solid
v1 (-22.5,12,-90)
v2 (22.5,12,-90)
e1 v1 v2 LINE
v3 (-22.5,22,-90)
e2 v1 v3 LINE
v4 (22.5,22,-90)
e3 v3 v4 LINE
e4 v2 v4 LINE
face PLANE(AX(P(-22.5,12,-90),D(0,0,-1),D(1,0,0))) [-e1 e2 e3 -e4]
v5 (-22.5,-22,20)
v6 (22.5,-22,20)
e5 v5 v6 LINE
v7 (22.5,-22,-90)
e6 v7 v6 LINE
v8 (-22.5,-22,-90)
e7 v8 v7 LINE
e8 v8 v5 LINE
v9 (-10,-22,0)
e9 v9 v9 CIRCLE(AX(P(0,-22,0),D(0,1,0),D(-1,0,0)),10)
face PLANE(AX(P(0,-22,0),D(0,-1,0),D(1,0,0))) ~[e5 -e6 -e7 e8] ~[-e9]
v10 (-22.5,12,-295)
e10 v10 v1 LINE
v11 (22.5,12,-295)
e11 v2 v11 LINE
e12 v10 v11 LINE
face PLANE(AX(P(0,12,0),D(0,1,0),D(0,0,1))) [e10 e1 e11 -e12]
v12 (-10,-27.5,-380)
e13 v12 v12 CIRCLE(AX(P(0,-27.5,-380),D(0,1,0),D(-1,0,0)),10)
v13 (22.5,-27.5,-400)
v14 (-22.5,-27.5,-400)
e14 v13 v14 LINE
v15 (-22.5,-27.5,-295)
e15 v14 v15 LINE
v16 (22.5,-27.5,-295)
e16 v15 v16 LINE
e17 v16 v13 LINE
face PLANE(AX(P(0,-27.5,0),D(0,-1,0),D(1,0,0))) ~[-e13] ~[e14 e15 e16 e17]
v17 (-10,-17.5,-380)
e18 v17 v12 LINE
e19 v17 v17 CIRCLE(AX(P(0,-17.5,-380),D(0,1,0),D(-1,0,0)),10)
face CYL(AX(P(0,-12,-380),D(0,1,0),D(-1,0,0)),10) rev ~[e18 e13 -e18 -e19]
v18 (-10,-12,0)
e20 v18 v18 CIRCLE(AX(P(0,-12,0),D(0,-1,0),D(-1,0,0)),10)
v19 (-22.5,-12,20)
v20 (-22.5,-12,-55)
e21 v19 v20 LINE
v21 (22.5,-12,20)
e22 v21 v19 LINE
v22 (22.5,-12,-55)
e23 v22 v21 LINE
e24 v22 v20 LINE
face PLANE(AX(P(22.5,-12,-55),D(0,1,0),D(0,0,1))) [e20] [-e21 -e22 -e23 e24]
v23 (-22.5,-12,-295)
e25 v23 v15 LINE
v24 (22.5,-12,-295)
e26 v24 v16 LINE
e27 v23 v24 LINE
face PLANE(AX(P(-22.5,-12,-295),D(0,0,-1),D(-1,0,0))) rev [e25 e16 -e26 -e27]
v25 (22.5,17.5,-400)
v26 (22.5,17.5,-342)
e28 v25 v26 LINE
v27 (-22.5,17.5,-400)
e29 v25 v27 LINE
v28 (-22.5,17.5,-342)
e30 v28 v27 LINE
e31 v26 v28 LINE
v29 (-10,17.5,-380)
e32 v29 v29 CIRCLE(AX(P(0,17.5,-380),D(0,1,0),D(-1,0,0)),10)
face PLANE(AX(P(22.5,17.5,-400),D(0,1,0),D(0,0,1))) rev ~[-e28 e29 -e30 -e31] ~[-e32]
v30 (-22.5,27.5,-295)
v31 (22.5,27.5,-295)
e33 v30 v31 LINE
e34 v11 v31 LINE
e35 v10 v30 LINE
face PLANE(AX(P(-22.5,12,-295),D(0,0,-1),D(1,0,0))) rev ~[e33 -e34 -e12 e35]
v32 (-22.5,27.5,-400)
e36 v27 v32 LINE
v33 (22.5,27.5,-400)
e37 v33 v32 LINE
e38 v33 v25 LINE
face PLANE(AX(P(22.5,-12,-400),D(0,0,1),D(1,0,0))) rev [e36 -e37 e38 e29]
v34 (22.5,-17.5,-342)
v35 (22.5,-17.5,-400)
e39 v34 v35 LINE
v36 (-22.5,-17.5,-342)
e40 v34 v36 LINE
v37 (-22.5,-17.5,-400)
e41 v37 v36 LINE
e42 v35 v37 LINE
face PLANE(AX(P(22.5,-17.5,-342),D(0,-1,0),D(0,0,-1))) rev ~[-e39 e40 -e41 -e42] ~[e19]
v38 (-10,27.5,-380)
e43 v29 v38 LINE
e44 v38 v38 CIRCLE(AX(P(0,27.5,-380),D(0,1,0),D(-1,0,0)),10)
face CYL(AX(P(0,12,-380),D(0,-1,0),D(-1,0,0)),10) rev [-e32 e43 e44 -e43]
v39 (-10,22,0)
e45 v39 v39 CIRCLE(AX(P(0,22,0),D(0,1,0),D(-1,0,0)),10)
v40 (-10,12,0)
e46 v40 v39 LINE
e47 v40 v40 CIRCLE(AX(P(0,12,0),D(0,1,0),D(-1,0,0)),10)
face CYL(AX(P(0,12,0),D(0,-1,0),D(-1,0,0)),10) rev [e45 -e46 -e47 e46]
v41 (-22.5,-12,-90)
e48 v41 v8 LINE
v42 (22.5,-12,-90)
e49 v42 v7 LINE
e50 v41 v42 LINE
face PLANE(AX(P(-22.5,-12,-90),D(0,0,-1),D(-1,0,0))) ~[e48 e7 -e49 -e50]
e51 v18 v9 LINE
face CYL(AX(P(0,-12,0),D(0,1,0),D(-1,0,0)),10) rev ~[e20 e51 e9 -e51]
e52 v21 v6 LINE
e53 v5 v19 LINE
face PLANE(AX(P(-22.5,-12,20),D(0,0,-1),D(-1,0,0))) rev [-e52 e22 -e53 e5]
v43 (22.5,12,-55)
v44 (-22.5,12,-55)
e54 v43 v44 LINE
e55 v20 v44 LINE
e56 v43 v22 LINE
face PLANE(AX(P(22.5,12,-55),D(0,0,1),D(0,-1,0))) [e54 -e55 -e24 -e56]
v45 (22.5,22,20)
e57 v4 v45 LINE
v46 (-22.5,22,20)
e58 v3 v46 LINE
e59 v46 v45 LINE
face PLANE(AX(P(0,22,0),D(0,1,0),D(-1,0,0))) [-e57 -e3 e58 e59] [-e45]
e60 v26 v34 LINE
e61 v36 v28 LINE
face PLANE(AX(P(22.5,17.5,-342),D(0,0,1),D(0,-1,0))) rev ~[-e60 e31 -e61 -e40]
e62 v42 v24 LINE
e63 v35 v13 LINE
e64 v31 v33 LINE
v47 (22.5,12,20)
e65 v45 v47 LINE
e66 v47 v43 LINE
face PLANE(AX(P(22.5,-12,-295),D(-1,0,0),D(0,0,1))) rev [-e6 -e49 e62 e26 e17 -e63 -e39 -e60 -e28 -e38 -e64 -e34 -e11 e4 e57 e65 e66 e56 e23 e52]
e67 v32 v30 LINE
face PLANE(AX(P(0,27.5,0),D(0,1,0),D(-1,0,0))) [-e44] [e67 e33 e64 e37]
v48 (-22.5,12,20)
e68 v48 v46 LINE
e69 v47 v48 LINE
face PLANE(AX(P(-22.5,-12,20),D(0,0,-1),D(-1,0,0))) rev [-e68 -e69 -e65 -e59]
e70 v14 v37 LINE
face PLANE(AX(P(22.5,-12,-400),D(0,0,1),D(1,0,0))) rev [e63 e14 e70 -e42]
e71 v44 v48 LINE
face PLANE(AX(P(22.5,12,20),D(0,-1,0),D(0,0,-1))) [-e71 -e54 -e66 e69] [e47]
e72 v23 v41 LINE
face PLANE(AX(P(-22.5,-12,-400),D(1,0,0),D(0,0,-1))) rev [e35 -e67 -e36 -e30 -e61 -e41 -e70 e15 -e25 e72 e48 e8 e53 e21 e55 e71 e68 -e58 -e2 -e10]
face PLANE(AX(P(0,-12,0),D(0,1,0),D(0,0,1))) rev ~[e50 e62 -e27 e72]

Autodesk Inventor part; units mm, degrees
ref_plane "YZ Plane" through (0, 0, 0) normal (1, 0, 0) x (0, 1, 0)
ref_plane "XZ Plane" through (0, 0, 0) normal (0, 1, 0) x (-1, 0, 0)
ref_plane "XY Plane" through (0, 0, 0) normal (0, 0, 1) x (1, 0, 0)
sketch "Sketch1" plane through (0, 0, 0) normal (1, 0, 0) x (0, 1, 0)
  circle A0 centre (0, 0) radius 10
  circle A1 centre (-380, 0) radius 10
  line L0 (0, 0) -> (-380, 0) construction
  line L1 (20, 22.5) -> (-400, 22.5)
  line L2 (-400, 22.5) -> (-400, -22.5)
  line L3 (-400, -22.5) -> (20, -22.5)
  line L4 (20, -22.5) -> (20, 22.5)
  line L5 (20, 0) -> (-400, 0) construction
  dimension "d0" = 380
  dimension "d2" = 20
  dimension "d3" = 20
  dimension "d4" = 20
  dimension "d5" = 20
  dimension "d6" = 45
extrude "Extrusion1" add sketch "Sketch1" along normal mid plane 24
sketch "Sketch2" plane through (12, 0, 0) normal (1, 0, 0) x (0, 0, -1)
  circle A0 centre (0, 0) radius 10 projected
  line L0 (22.5, -400) -> (22.5, 20) projected
  line L1 (22.5, 20) -> (-22.5, 20) projected
  line L2 (-22.5, 20) -> (22.5, 20)
  line L3 (22.5, 20) -> (22.5, -90)
  line L4 (22.5, -90) -> (-22.5, -90)
  line L5 (-22.5, -90) -> (-22.5, 20)
  circle A1 centre (0, 0) radius 10
  dimension "d9" = 110
extrude "Extrusion2" add sketch "Sketch2" along normal blind 10
mirror "Mirror1" about plane through (0, 0, 0) normal (1, 0, 0) of "Extrusion2"
sketch "Sketch3" plane through (-12, -400, 22.5) normal (0, 0, 1) x (1, 0, 0)
  line L0 (34, 420) -> (-10, 420) projected
  line L1 (0, 420) -> (24, 420)
  line L2 (24, 420) -> (24, 345)
  line L3 (24, 345) -> (0, 345)
  line L4 (0, 345) -> (0, 420)
  line L5 (12, 420) -> (12, 345) construction
  point P0 (12, 400)
  dimension "d12" = 24
  dimension "d14" = 75
extrude "Extrusion3" cut sketch "Sketch3" against normal through all
sketch "Sketch4" plane through (12, 0, 0) normal (1, 0, 0) x (0, 0, -1)
  line L0 (22.5, -400) -> (22.5, -90) projected
  circle A0 centre (0, -380) radius 10 projected
  line L1 (-22.5, -400) -> (22.5, -400)
  line L2 (22.5, -400) -> (22.5, -295)
  line L3 (22.5, -295) -> (-22.5, -295)
  line L4 (-22.5, -295) -> (-22.5, -400)
  circle A1 centre (0, -380) radius 10
  point P0 (0, 0)
  dimension "d18" = 85
extrude "Extrusion4" add sketch "Sketch4" along normal blind 15.5
mirror "Mirror2" about plane through (0, 0, 0) normal (1, 0, 0) of "Extrusion4"
sketch "Sketch5" plane through (22, -90, 22.5) normal (0, 0, 1) x (1, 0, 0)
  line L0 (-49.5, -310) -> (5.5, -310) projected
  line L1 (-39.5, -310) -> (-4.5, -310)
  line L2 (-4.5, -310) -> (-4.5, -252)
  line L3 (-4.5, -252) -> (-39.5, -252)
  line L4 (-39.5, -252) -> (-39.5, -310)
  line L5 (-22, -252) -> (-22, -310) construction
  point P0 (-22, 90)
  point P1 (-22, -310)
  dimension "d21" = 35
  dimension "d23" = 58
extrude "Extrusion5" cut sketch "Sketch5" against normal through all
move or copy body "Move Body1" bodies to move or copy 1 copy no rotation origin (0, 0, 0) rotation axis (1, 0, 0) rotation angle 90
move or copy body "Move Body2" bodies to move or copy 1 copy no rotation origin (0, 0, 0) rotation axis (0, 0, 1) rotation angle 90
properties part number "LowerLeg_v2"
